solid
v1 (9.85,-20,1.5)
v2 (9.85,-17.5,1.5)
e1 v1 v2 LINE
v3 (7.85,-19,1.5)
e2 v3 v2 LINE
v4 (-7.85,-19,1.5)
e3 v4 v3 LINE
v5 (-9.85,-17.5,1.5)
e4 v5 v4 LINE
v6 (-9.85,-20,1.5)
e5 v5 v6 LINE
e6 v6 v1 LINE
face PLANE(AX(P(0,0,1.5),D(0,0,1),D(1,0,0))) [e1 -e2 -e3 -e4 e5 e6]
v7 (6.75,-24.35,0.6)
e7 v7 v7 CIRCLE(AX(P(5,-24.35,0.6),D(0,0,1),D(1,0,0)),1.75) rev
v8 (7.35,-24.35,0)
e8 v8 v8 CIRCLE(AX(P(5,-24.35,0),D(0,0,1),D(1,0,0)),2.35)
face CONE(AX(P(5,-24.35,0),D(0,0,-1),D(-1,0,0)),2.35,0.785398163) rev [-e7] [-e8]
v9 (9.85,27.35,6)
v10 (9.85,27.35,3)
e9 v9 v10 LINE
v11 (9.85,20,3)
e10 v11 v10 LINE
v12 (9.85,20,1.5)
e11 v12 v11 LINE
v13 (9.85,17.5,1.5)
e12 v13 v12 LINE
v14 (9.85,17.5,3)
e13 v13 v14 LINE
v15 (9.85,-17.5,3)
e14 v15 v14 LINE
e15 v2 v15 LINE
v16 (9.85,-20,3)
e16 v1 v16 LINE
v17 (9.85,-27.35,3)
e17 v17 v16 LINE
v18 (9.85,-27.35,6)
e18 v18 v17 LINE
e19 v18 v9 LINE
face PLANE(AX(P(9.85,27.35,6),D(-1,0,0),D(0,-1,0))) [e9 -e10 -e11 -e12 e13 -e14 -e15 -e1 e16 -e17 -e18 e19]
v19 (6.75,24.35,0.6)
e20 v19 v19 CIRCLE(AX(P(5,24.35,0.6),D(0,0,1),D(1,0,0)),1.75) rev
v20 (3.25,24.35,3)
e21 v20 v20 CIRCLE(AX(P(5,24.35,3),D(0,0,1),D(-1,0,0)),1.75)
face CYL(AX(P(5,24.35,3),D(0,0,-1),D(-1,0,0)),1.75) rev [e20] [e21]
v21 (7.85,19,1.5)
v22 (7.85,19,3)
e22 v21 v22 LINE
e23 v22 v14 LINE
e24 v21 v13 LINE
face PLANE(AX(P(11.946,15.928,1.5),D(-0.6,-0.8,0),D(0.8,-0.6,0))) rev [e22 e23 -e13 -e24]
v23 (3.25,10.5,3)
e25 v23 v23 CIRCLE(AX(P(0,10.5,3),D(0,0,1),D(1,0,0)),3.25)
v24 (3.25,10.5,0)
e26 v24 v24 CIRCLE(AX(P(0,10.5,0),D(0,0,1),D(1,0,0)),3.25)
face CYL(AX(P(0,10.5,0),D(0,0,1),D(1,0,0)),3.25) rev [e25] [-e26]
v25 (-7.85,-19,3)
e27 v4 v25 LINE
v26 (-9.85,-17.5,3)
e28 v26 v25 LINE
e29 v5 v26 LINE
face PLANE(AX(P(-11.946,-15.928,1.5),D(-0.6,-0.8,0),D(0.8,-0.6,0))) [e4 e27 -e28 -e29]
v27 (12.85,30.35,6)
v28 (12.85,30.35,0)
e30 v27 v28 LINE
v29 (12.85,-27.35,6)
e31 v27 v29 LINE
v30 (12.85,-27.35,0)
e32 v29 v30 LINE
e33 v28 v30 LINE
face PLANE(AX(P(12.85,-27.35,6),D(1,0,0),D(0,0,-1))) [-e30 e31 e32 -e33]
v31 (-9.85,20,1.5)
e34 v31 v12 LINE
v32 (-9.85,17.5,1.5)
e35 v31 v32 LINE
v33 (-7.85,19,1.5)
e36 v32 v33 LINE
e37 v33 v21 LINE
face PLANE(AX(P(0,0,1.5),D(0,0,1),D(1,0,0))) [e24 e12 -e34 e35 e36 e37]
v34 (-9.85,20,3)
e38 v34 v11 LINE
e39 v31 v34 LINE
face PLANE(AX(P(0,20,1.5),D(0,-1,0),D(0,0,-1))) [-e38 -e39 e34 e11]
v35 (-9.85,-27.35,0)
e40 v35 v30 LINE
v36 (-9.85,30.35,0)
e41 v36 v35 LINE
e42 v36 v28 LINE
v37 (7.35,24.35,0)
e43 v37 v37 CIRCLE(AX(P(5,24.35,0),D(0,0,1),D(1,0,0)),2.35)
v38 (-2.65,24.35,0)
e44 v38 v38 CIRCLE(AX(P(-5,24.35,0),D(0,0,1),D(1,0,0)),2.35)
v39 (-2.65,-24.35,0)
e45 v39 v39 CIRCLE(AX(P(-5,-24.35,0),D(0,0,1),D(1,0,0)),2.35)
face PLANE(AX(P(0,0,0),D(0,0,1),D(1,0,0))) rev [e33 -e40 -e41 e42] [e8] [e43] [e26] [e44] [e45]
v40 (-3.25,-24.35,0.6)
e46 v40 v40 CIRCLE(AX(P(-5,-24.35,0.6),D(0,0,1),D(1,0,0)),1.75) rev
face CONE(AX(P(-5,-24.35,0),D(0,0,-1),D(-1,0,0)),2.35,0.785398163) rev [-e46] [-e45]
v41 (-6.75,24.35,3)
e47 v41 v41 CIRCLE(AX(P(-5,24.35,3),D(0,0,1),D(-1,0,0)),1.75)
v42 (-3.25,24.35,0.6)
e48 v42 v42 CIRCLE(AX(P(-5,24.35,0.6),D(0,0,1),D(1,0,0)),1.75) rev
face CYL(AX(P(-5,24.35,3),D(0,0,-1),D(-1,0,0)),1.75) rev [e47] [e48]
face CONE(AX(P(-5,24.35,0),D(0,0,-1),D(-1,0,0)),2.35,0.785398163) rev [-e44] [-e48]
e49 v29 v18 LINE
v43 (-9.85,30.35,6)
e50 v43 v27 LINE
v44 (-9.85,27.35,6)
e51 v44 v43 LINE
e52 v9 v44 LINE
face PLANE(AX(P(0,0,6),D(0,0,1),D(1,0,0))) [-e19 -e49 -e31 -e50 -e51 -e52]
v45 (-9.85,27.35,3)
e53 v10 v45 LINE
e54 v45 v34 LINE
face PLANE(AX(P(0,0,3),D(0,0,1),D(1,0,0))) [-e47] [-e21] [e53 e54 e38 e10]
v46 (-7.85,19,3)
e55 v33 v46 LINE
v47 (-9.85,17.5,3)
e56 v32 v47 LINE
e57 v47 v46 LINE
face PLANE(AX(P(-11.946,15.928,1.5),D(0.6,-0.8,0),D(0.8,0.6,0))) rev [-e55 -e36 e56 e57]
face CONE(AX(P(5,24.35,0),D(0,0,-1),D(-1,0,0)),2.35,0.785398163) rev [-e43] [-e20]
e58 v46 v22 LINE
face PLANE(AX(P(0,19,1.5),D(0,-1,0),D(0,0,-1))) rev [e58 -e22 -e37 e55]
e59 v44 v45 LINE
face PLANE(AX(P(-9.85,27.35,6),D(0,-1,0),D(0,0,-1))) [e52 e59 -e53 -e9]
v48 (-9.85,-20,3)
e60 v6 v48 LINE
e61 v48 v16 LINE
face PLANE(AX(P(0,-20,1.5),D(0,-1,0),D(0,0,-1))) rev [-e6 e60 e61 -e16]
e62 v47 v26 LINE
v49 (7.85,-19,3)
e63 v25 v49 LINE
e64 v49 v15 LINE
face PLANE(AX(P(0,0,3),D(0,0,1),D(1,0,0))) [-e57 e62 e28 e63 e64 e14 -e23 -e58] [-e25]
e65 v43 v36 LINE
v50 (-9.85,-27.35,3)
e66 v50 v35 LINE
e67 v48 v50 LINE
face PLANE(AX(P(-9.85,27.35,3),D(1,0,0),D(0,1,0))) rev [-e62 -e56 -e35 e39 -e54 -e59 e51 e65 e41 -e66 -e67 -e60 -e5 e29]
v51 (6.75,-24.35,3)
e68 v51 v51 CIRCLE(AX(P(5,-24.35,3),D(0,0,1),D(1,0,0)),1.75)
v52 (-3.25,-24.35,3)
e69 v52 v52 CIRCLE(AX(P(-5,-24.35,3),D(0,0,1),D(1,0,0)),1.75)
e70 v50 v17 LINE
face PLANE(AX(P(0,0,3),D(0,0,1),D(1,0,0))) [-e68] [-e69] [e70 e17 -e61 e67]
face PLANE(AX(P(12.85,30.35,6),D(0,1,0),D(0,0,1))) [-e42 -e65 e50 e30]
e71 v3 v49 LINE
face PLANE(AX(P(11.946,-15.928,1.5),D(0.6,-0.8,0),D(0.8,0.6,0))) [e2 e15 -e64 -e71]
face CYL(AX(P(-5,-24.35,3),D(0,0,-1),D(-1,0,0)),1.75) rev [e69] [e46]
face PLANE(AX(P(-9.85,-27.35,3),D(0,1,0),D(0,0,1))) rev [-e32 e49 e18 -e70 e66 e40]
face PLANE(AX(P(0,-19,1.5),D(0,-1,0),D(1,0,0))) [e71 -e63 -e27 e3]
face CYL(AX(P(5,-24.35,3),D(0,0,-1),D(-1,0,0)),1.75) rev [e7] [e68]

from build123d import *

# Parameters (mm, degrees)
CROQUIS1_W              = 19.7
CROQUIS1_H              = 54.7
CROQUIS1_R              = 1.75
SALIENTE_EXTRUIR1_DEPTH = 3
CHAFL_N1_SIZE           = 0.6
CORTAR_EXTRUIR1_DEPTH   = 1.5
CROQUIS3_R              = 3.25
CORTAR_EXTRUIR2_DEPTH   = 30.224048316
SALIENTE_EXTRUIR2_DEPTH = 6


with BuildPart() as part:
    # Croquis1 → Saliente-Extruir1 (new body)
    with BuildSketch(Plane.XY):
        Rectangle(CROQUIS1_W, CROQUIS1_H)
        with Locations((-5, -24.35)):
            Circle(CROQUIS1_R, mode=Mode.SUBTRACT)
        with Locations((5, -24.35)):
            Circle(CROQUIS1_R, mode=Mode.SUBTRACT)
        with Locations(Location((5, 24.35, 0), (0, 0, 180))):
            Circle(CROQUIS1_R, mode=Mode.SUBTRACT)
        with Locations(Location((-5, 24.35, 0), (0, 0, 180))):
            Circle(CROQUIS1_R, mode=Mode.SUBTRACT)
    extrude(amount=SALIENTE_EXTRUIR1_DEPTH)

    # Chaflán1
    chafl_n1_edges = [part.edges().sort_by_distance(p)[0] for p in [
        (-6.75, -24.35, 0),
        (3.25, -24.35, 0),
        (6.75, 24.35, 0),
        (-3.25, 24.35, 0),
    ]]
    chamfer(chafl_n1_edges, length=CHAFL_N1_SIZE)

    # Croquis2 → Cortar-Extruir1 (cut)
    with BuildSketch(Plane.XY.offset(3)):
        Polygon((9.85, 20), (-9.85, 20), (-9.85, 17.5), (-7.85, 19), (7.85, 19), (9.85, 17.5), align=None)
        Polygon((-7.85, -19), (-9.85, -17.5), (-9.85, -20), (9.85, -20), (9.85, -17.5), (7.85, -19), align=None)
    extrude(amount=-CORTAR_EXTRUIR1_DEPTH, mode=Mode.SUBTRACT)

    # Croquis3 → Cortar-Extruir2 (cut, through all)
    with BuildSketch(Plane.XY.offset(3)):
        with Locations((0, 10.5)):
            Circle(CROQUIS3_R)
    extrude(amount=-CORTAR_EXTRUIR2_DEPTH, mode=Mode.SUBTRACT)

    # Croquis4 → Saliente-Extruir2 (add)
    with BuildSketch(Plane(origin=(0, 0, 0), x_dir=(-1, 0, 0), z_dir=(0, 0, -1))):
        Polygon((-9.85, -27.35), (-12.85, -27.35), (-12.85, 30.35), (9.85, 30.35), (9.85, 27.35), (-9.85, 27.35), align=None)
    extrude(amount=-SALIENTE_EXTRUIR2_DEPTH)


solid = part.part
